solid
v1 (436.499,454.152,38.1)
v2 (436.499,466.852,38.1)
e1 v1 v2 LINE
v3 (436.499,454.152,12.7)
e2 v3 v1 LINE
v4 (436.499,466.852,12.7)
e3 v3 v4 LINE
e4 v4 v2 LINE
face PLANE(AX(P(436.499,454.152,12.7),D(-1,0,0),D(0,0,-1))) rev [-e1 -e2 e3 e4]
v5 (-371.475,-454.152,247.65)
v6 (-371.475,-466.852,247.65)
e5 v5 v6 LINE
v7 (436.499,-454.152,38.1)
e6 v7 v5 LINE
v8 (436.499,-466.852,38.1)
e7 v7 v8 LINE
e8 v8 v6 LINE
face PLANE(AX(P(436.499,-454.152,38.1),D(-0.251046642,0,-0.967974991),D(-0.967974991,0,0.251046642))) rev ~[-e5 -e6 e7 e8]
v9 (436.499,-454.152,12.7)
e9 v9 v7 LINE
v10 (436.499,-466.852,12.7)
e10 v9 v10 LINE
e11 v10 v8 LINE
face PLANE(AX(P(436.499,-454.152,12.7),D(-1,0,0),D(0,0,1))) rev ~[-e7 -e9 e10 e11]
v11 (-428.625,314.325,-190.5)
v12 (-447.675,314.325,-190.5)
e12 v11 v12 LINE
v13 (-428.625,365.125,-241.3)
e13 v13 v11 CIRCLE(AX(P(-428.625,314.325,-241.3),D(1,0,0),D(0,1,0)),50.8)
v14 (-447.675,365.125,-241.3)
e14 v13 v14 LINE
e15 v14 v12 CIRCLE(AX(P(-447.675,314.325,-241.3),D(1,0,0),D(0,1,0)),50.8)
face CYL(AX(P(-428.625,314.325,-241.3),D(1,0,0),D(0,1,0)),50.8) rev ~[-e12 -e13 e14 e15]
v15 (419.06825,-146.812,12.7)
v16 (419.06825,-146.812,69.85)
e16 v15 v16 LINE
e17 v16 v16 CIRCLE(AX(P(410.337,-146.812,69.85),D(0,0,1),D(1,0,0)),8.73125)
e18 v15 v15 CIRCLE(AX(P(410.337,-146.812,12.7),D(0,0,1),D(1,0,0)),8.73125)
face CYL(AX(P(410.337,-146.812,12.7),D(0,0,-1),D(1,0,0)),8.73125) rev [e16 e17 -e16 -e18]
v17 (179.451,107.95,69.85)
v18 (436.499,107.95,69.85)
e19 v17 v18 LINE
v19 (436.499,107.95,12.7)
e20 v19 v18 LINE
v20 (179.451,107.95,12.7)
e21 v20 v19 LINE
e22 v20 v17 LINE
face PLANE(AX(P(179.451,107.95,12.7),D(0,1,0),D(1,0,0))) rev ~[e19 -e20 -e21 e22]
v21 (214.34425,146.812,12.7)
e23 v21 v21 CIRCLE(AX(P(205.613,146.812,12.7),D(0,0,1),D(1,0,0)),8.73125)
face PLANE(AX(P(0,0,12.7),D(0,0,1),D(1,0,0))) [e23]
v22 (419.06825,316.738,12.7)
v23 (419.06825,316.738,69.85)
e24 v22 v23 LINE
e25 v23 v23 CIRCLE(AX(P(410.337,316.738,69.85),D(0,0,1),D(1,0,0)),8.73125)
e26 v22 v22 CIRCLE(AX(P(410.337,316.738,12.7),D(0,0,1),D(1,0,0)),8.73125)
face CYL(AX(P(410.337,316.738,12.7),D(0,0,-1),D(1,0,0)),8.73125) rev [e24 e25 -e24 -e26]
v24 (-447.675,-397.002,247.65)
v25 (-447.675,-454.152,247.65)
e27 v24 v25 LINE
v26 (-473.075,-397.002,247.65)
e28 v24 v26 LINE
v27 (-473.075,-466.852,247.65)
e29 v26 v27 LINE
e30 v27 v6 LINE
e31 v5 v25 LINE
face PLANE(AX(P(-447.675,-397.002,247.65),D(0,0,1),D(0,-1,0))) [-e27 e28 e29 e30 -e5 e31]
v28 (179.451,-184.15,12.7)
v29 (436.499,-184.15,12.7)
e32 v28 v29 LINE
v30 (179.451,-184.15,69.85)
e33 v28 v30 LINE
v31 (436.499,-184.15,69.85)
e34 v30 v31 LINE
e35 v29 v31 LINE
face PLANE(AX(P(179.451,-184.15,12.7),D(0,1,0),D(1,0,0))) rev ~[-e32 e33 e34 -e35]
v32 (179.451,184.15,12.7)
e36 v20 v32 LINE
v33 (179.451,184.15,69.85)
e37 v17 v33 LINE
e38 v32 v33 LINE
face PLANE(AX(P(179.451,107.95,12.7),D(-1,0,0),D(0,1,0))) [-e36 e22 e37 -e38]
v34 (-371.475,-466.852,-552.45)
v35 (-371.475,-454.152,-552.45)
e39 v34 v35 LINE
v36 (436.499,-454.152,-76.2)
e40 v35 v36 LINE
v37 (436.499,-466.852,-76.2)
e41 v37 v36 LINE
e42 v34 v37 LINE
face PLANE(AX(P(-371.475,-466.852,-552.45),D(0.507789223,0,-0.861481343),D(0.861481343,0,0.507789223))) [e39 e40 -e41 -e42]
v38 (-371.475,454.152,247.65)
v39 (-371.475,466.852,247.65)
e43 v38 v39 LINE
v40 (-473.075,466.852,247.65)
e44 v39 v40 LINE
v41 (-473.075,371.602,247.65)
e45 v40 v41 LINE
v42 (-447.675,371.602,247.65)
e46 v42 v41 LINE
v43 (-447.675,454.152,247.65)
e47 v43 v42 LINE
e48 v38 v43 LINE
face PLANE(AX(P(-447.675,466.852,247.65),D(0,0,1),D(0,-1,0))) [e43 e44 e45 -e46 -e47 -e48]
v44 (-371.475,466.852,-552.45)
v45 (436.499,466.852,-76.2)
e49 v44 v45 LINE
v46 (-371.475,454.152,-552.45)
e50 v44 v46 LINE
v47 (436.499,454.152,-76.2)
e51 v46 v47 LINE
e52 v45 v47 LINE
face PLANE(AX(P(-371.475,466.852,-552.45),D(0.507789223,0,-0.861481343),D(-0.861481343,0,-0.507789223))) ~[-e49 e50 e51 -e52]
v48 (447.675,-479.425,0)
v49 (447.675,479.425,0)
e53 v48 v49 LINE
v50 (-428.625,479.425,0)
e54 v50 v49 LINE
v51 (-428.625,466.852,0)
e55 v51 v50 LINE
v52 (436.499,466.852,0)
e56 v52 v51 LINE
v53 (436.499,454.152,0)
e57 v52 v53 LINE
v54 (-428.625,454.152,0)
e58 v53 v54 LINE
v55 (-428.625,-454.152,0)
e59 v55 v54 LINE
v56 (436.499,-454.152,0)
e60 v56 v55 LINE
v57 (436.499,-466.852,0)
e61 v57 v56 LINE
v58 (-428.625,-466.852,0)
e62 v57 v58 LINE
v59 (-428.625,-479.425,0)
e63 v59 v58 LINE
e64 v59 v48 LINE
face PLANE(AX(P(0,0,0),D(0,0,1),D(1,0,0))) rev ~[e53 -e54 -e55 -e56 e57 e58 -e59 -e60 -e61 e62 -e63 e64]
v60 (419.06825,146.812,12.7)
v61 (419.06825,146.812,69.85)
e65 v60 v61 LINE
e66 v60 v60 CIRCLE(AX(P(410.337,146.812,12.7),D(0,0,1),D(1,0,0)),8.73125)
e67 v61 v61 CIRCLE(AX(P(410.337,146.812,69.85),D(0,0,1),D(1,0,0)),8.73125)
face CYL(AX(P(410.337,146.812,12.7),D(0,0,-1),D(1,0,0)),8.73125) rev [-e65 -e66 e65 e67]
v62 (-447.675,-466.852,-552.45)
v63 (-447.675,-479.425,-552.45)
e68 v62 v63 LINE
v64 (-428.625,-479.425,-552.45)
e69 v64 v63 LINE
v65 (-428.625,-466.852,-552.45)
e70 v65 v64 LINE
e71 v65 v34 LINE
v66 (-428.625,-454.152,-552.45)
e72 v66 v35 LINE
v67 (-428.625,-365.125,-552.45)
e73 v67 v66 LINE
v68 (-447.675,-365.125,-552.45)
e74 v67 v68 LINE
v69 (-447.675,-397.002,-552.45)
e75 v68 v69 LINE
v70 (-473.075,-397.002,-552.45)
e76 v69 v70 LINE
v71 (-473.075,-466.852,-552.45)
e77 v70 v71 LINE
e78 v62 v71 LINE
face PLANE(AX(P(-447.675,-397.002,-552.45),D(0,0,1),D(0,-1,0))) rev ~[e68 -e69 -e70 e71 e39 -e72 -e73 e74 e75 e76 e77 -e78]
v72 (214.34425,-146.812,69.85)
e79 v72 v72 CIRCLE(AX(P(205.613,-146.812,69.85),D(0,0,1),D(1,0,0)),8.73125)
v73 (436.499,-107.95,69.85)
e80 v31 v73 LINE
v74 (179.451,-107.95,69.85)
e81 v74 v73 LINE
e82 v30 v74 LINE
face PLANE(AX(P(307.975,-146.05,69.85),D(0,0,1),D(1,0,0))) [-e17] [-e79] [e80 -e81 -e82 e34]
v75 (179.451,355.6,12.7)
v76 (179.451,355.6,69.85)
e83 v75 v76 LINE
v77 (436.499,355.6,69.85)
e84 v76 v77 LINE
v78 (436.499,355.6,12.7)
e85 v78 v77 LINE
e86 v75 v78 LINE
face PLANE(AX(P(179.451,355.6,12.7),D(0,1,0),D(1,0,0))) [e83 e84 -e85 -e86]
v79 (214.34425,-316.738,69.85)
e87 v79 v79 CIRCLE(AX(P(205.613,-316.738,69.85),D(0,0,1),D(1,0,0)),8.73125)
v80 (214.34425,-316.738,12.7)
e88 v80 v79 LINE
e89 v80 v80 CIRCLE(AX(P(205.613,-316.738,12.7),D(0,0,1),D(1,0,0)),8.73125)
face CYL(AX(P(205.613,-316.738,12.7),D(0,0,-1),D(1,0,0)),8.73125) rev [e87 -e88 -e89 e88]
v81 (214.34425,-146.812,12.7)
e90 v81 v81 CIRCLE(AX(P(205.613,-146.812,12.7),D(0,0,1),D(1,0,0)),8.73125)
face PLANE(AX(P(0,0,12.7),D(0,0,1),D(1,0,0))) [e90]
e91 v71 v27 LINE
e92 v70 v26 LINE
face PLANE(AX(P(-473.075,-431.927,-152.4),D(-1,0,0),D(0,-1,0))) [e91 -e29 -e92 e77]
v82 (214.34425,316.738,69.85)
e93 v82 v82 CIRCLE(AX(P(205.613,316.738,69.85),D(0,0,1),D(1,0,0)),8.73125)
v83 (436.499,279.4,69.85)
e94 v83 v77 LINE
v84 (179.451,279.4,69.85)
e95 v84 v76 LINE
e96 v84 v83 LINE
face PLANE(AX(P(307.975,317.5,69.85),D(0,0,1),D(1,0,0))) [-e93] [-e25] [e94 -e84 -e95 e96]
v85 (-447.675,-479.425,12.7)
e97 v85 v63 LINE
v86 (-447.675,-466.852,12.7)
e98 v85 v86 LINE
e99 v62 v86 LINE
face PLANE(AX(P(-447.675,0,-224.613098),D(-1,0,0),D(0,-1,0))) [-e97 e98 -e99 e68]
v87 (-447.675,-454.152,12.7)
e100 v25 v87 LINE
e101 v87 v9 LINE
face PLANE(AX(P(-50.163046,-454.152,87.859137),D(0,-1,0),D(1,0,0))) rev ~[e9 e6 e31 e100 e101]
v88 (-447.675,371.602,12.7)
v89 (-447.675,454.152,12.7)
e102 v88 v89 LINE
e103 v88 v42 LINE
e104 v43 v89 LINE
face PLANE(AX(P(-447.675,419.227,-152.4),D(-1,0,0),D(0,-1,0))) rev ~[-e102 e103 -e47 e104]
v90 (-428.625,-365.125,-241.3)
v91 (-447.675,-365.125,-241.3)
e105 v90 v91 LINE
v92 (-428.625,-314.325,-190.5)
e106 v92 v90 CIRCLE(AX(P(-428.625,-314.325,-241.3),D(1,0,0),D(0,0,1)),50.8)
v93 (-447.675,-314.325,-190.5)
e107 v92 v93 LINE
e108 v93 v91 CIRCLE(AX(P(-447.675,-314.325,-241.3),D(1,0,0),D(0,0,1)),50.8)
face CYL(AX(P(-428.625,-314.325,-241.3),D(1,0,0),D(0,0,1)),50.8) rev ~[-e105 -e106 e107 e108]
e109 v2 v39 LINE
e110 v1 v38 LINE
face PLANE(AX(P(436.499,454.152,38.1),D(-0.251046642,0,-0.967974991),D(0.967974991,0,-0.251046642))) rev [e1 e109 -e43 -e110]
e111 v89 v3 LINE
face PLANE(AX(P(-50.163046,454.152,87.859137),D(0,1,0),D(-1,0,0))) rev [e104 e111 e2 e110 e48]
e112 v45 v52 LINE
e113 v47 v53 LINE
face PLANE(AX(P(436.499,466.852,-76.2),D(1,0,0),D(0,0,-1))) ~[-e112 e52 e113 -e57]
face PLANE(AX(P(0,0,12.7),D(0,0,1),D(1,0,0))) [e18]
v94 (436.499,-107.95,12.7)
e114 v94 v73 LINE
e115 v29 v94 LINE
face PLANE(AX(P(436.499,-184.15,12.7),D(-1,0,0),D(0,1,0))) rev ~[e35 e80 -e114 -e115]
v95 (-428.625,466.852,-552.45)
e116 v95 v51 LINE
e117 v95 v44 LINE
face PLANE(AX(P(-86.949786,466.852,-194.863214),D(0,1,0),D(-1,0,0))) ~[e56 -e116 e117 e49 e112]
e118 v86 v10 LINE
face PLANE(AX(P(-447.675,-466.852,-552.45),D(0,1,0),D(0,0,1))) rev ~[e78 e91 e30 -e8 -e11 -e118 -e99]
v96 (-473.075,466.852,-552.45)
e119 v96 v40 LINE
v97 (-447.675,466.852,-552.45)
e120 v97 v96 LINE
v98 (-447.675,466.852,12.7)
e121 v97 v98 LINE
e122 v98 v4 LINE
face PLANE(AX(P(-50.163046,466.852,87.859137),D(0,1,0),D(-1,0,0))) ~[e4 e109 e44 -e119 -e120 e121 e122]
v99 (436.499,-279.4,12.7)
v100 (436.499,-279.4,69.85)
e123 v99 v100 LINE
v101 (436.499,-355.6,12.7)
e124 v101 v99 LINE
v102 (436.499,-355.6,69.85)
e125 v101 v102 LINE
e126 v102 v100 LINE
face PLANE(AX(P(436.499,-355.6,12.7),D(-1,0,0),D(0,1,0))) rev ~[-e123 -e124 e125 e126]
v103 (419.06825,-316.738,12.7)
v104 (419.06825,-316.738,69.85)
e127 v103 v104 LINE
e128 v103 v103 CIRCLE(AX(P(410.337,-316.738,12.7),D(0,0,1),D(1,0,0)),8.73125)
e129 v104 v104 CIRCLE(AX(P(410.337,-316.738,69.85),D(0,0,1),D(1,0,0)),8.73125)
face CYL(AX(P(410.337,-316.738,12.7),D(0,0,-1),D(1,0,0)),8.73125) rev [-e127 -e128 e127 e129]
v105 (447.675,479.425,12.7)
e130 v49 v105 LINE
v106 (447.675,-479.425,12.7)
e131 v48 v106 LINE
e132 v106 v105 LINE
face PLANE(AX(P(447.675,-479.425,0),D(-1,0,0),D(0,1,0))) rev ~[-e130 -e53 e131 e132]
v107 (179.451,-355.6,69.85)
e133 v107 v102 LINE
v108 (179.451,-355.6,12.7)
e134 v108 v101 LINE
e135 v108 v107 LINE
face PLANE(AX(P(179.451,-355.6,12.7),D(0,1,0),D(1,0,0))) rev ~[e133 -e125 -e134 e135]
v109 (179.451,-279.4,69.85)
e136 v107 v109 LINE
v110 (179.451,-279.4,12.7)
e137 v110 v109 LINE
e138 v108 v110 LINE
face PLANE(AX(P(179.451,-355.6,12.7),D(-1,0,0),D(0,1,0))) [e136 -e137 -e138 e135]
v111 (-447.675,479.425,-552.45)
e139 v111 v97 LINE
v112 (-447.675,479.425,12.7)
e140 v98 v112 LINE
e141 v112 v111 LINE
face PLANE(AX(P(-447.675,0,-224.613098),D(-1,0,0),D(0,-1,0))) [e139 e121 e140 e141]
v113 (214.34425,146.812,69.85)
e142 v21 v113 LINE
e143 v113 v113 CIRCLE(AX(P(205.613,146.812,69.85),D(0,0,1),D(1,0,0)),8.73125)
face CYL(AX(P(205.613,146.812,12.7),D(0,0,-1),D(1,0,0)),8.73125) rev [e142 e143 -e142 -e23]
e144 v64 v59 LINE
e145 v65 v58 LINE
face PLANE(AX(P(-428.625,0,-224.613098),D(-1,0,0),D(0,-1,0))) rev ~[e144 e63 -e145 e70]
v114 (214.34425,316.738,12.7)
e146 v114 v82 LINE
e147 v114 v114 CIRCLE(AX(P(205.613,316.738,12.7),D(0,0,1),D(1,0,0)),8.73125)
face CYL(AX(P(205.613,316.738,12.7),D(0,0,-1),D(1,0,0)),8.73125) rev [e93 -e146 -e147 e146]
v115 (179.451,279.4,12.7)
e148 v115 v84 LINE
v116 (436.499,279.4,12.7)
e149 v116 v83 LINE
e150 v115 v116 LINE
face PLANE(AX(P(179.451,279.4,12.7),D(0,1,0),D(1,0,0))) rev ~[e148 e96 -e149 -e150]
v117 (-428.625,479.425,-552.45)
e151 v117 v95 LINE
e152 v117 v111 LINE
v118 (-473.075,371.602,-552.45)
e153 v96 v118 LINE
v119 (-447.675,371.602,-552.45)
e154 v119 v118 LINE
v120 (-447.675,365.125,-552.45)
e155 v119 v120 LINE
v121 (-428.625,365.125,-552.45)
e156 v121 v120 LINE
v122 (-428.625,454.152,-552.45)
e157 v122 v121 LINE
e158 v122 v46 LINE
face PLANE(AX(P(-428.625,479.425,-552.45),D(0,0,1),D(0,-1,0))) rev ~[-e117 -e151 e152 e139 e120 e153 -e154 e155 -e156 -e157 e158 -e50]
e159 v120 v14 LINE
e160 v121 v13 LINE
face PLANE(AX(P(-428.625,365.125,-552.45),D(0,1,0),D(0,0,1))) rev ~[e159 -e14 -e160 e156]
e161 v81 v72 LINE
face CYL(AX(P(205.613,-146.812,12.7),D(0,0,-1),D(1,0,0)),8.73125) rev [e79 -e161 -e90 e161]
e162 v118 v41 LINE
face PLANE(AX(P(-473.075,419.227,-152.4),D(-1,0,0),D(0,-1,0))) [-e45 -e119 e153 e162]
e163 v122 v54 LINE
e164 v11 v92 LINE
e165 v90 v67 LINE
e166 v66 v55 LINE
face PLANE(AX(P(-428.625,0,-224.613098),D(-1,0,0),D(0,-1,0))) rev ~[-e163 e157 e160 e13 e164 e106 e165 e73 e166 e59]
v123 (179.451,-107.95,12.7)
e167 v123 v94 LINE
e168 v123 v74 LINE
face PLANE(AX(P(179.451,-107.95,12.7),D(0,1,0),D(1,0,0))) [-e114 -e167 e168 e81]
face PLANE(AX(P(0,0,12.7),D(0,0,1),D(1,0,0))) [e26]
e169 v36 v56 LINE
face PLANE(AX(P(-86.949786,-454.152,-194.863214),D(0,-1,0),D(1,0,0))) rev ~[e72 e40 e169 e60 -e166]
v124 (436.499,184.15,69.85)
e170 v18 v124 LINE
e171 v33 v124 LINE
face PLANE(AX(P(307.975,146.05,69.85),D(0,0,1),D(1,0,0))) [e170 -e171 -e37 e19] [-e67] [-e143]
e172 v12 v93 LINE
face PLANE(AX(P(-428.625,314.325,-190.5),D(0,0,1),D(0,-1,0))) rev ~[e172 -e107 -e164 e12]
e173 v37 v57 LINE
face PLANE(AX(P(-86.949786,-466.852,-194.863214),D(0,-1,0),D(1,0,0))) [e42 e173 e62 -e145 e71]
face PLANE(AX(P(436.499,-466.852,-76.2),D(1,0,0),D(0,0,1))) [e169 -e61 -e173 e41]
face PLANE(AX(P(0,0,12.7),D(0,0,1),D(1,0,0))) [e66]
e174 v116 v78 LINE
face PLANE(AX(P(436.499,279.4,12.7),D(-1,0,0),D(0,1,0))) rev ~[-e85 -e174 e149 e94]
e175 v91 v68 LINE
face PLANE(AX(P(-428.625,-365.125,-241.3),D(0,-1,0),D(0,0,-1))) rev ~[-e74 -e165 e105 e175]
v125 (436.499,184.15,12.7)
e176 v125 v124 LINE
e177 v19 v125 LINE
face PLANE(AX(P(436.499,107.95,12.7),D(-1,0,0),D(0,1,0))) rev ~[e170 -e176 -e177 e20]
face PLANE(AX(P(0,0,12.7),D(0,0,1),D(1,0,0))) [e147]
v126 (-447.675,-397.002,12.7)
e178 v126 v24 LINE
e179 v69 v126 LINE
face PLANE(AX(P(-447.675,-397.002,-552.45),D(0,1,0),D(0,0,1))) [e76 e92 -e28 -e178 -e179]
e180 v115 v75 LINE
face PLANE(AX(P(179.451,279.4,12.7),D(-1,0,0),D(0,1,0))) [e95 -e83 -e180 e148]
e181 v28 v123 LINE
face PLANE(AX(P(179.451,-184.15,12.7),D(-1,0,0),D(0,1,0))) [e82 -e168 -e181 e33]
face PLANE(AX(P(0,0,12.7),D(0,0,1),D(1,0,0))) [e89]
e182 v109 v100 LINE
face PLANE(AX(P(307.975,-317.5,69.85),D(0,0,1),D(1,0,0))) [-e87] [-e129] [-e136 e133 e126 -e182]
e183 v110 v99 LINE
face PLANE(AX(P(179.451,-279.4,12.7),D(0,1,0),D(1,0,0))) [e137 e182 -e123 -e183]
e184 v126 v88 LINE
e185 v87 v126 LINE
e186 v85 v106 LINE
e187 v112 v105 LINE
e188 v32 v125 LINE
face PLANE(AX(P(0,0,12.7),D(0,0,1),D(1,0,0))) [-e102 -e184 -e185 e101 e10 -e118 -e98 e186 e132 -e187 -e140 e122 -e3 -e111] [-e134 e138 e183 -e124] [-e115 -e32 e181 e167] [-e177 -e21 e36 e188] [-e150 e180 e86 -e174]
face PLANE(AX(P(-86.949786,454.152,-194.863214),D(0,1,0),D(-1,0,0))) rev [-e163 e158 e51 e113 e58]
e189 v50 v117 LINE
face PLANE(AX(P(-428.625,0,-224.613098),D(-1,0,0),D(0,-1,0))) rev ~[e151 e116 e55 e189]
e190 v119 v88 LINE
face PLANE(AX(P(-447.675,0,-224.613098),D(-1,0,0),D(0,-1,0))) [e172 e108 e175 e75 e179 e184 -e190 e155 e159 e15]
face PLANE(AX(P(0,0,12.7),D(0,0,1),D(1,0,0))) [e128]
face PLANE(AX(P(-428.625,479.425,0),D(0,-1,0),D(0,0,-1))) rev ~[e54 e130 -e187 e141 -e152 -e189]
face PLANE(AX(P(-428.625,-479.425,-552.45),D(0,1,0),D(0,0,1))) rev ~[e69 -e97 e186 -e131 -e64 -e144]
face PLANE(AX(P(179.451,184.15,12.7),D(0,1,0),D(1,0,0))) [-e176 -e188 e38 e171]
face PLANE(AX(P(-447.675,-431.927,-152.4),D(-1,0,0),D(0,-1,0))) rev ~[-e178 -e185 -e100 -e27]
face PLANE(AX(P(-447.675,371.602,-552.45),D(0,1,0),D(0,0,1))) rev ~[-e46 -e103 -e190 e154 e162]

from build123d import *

# Parameters (mm, degrees)
F0_W      = 895.35
F0_H      = 958.85
F1_DEPTH  = 12.7
F2_W      = 257.048
F2_H      = 76.2
F2_R      = 8.73125
F3_DEPTH  = 57.15
F6_DEPTH  = 12.7
F8_DEPTH  = 12.7
F9_W      = 19.05
F9_H      = 552.45
F10_DEPTH = 946.278
F13_DEPTH = 19.05
F14_W     = 69.85
F14_H     = 800.1
F14_W_2   = 95.25
F15_DEPTH = 25.4


with BuildPart() as f1:
    # F0 (on Top) → F1 (new body)
    with BuildSketch(Plane.XY):
        Rectangle(F0_W, F0_H)
    extrude(amount=F1_DEPTH)

    # F2 (on face) → F3 (join)
    with BuildSketch(Plane.XY.offset(12.7)):
        with Locations((307.975, -146.05)):
            Rectangle(F2_W, F2_H)
        with Locations((205.613, -146.812)):
            Circle(F2_R, mode=Mode.SUBTRACT)
        with Locations((410.337, -146.812)):
            Circle(F2_R, mode=Mode.SUBTRACT)
        with Locations((307.975, -317.5)):
            Rectangle(F2_W, F2_H)
        with Locations((205.613, -316.738)):
            Circle(F2_R, mode=Mode.SUBTRACT)
        with Locations((410.337, -316.738)):
            Circle(F2_R, mode=Mode.SUBTRACT)
        with Locations((307.975, 146.05)):
            Rectangle(F2_W, F2_H)
        with Locations((205.613, 146.812)):
            Circle(F2_R, mode=Mode.SUBTRACT)
        with Locations((410.337, 146.812)):
            Circle(F2_R, mode=Mode.SUBTRACT)
        with Locations((307.975, 317.5)):
            Rectangle(F2_W, F2_H)
        with Locations((205.613, 316.738)):
            Circle(F2_R, mode=Mode.SUBTRACT)
        with Locations((410.337, 316.738)):
            Circle(F2_R, mode=Mode.SUBTRACT)
    extrude(amount=F3_DEPTH)

    # F5 (on offset) → F6 (join)
    with BuildSketch(Plane.XZ.offset(454.152)):
        Polygon((-447.675, 247.65), (-447.675, 12.7), (436.499, 12.7), (436.499, 38.1), (-371.475, 247.65), align=None)
    extrude(amount=F6_DEPTH)

    # F7 (on face) → F8 (join)
    with BuildSketch(Plane.XZ.offset(466.852)):
        Polygon((436.499, -76.2), (436.499, 0), (-447.675, 0), (-447.675, -552.45), (-371.475, -552.45), align=None)
    extrude(amount=-F8_DEPTH)

    # F9 (on face) → F10 (cut, through all)
    with BuildSketch(Plane.XZ.offset(466.852)):
        with Locations((-438.15, -276.225)):
            Rectangle(F9_W, F9_H)
    extrude(amount=-F10_DEPTH, mode=Mode.SUBTRACT)

    # F11: F1 across plane


with BuildPart() as f1_1:
    add(f1.part)
    add(f1.part.mirror(Plane.XZ))

    # F12 (on face) → F13 (join)
    with BuildSketch(Plane(origin=(-428.625, 0, 0), x_dir=(0, -1, 0), z_dir=(-1, 0, 0))):
        with BuildLine():
            Line((479.425, -552.45), (479.425, 0))
            Line((479.425, 0), (-479.425, 0))
            Line((-479.425, 0), (-479.425, -552.45))
            Line((-479.425, -552.45), (-365.125, -552.45))
            Line((-365.125, -552.45), (-365.125, -241.3))
            ThreePointArc((-365.125, -241.3), (-350.2460244843, -205.3789755157), (-314.325, -190.5))
            Line((-314.325, -190.5), (314.325, -190.5))
            ThreePointArc((314.325, -190.5), (350.2460244843, -205.3789755157), (365.125, -241.3))
            Line((365.125, -241.3), (365.125, -552.45))
            Line((365.125, -552.45), (479.425, -552.45))
        make_face()
    extrude(amount=F13_DEPTH)

    # F14 (on face) → F15 (join)
    with BuildSketch(Plane(origin=(-447.675, 0, 0), x_dir=(0, -1, 0), z_dir=(-1, 0, 0))):
        with Locations((431.927, -152.4)):
            Rectangle(F14_W, F14_H)
        with Locations((-419.227, -152.4)):
            Rectangle(F14_W_2, F14_H)
    extrude(amount=F15_DEPTH)


solid = f1_1.part
